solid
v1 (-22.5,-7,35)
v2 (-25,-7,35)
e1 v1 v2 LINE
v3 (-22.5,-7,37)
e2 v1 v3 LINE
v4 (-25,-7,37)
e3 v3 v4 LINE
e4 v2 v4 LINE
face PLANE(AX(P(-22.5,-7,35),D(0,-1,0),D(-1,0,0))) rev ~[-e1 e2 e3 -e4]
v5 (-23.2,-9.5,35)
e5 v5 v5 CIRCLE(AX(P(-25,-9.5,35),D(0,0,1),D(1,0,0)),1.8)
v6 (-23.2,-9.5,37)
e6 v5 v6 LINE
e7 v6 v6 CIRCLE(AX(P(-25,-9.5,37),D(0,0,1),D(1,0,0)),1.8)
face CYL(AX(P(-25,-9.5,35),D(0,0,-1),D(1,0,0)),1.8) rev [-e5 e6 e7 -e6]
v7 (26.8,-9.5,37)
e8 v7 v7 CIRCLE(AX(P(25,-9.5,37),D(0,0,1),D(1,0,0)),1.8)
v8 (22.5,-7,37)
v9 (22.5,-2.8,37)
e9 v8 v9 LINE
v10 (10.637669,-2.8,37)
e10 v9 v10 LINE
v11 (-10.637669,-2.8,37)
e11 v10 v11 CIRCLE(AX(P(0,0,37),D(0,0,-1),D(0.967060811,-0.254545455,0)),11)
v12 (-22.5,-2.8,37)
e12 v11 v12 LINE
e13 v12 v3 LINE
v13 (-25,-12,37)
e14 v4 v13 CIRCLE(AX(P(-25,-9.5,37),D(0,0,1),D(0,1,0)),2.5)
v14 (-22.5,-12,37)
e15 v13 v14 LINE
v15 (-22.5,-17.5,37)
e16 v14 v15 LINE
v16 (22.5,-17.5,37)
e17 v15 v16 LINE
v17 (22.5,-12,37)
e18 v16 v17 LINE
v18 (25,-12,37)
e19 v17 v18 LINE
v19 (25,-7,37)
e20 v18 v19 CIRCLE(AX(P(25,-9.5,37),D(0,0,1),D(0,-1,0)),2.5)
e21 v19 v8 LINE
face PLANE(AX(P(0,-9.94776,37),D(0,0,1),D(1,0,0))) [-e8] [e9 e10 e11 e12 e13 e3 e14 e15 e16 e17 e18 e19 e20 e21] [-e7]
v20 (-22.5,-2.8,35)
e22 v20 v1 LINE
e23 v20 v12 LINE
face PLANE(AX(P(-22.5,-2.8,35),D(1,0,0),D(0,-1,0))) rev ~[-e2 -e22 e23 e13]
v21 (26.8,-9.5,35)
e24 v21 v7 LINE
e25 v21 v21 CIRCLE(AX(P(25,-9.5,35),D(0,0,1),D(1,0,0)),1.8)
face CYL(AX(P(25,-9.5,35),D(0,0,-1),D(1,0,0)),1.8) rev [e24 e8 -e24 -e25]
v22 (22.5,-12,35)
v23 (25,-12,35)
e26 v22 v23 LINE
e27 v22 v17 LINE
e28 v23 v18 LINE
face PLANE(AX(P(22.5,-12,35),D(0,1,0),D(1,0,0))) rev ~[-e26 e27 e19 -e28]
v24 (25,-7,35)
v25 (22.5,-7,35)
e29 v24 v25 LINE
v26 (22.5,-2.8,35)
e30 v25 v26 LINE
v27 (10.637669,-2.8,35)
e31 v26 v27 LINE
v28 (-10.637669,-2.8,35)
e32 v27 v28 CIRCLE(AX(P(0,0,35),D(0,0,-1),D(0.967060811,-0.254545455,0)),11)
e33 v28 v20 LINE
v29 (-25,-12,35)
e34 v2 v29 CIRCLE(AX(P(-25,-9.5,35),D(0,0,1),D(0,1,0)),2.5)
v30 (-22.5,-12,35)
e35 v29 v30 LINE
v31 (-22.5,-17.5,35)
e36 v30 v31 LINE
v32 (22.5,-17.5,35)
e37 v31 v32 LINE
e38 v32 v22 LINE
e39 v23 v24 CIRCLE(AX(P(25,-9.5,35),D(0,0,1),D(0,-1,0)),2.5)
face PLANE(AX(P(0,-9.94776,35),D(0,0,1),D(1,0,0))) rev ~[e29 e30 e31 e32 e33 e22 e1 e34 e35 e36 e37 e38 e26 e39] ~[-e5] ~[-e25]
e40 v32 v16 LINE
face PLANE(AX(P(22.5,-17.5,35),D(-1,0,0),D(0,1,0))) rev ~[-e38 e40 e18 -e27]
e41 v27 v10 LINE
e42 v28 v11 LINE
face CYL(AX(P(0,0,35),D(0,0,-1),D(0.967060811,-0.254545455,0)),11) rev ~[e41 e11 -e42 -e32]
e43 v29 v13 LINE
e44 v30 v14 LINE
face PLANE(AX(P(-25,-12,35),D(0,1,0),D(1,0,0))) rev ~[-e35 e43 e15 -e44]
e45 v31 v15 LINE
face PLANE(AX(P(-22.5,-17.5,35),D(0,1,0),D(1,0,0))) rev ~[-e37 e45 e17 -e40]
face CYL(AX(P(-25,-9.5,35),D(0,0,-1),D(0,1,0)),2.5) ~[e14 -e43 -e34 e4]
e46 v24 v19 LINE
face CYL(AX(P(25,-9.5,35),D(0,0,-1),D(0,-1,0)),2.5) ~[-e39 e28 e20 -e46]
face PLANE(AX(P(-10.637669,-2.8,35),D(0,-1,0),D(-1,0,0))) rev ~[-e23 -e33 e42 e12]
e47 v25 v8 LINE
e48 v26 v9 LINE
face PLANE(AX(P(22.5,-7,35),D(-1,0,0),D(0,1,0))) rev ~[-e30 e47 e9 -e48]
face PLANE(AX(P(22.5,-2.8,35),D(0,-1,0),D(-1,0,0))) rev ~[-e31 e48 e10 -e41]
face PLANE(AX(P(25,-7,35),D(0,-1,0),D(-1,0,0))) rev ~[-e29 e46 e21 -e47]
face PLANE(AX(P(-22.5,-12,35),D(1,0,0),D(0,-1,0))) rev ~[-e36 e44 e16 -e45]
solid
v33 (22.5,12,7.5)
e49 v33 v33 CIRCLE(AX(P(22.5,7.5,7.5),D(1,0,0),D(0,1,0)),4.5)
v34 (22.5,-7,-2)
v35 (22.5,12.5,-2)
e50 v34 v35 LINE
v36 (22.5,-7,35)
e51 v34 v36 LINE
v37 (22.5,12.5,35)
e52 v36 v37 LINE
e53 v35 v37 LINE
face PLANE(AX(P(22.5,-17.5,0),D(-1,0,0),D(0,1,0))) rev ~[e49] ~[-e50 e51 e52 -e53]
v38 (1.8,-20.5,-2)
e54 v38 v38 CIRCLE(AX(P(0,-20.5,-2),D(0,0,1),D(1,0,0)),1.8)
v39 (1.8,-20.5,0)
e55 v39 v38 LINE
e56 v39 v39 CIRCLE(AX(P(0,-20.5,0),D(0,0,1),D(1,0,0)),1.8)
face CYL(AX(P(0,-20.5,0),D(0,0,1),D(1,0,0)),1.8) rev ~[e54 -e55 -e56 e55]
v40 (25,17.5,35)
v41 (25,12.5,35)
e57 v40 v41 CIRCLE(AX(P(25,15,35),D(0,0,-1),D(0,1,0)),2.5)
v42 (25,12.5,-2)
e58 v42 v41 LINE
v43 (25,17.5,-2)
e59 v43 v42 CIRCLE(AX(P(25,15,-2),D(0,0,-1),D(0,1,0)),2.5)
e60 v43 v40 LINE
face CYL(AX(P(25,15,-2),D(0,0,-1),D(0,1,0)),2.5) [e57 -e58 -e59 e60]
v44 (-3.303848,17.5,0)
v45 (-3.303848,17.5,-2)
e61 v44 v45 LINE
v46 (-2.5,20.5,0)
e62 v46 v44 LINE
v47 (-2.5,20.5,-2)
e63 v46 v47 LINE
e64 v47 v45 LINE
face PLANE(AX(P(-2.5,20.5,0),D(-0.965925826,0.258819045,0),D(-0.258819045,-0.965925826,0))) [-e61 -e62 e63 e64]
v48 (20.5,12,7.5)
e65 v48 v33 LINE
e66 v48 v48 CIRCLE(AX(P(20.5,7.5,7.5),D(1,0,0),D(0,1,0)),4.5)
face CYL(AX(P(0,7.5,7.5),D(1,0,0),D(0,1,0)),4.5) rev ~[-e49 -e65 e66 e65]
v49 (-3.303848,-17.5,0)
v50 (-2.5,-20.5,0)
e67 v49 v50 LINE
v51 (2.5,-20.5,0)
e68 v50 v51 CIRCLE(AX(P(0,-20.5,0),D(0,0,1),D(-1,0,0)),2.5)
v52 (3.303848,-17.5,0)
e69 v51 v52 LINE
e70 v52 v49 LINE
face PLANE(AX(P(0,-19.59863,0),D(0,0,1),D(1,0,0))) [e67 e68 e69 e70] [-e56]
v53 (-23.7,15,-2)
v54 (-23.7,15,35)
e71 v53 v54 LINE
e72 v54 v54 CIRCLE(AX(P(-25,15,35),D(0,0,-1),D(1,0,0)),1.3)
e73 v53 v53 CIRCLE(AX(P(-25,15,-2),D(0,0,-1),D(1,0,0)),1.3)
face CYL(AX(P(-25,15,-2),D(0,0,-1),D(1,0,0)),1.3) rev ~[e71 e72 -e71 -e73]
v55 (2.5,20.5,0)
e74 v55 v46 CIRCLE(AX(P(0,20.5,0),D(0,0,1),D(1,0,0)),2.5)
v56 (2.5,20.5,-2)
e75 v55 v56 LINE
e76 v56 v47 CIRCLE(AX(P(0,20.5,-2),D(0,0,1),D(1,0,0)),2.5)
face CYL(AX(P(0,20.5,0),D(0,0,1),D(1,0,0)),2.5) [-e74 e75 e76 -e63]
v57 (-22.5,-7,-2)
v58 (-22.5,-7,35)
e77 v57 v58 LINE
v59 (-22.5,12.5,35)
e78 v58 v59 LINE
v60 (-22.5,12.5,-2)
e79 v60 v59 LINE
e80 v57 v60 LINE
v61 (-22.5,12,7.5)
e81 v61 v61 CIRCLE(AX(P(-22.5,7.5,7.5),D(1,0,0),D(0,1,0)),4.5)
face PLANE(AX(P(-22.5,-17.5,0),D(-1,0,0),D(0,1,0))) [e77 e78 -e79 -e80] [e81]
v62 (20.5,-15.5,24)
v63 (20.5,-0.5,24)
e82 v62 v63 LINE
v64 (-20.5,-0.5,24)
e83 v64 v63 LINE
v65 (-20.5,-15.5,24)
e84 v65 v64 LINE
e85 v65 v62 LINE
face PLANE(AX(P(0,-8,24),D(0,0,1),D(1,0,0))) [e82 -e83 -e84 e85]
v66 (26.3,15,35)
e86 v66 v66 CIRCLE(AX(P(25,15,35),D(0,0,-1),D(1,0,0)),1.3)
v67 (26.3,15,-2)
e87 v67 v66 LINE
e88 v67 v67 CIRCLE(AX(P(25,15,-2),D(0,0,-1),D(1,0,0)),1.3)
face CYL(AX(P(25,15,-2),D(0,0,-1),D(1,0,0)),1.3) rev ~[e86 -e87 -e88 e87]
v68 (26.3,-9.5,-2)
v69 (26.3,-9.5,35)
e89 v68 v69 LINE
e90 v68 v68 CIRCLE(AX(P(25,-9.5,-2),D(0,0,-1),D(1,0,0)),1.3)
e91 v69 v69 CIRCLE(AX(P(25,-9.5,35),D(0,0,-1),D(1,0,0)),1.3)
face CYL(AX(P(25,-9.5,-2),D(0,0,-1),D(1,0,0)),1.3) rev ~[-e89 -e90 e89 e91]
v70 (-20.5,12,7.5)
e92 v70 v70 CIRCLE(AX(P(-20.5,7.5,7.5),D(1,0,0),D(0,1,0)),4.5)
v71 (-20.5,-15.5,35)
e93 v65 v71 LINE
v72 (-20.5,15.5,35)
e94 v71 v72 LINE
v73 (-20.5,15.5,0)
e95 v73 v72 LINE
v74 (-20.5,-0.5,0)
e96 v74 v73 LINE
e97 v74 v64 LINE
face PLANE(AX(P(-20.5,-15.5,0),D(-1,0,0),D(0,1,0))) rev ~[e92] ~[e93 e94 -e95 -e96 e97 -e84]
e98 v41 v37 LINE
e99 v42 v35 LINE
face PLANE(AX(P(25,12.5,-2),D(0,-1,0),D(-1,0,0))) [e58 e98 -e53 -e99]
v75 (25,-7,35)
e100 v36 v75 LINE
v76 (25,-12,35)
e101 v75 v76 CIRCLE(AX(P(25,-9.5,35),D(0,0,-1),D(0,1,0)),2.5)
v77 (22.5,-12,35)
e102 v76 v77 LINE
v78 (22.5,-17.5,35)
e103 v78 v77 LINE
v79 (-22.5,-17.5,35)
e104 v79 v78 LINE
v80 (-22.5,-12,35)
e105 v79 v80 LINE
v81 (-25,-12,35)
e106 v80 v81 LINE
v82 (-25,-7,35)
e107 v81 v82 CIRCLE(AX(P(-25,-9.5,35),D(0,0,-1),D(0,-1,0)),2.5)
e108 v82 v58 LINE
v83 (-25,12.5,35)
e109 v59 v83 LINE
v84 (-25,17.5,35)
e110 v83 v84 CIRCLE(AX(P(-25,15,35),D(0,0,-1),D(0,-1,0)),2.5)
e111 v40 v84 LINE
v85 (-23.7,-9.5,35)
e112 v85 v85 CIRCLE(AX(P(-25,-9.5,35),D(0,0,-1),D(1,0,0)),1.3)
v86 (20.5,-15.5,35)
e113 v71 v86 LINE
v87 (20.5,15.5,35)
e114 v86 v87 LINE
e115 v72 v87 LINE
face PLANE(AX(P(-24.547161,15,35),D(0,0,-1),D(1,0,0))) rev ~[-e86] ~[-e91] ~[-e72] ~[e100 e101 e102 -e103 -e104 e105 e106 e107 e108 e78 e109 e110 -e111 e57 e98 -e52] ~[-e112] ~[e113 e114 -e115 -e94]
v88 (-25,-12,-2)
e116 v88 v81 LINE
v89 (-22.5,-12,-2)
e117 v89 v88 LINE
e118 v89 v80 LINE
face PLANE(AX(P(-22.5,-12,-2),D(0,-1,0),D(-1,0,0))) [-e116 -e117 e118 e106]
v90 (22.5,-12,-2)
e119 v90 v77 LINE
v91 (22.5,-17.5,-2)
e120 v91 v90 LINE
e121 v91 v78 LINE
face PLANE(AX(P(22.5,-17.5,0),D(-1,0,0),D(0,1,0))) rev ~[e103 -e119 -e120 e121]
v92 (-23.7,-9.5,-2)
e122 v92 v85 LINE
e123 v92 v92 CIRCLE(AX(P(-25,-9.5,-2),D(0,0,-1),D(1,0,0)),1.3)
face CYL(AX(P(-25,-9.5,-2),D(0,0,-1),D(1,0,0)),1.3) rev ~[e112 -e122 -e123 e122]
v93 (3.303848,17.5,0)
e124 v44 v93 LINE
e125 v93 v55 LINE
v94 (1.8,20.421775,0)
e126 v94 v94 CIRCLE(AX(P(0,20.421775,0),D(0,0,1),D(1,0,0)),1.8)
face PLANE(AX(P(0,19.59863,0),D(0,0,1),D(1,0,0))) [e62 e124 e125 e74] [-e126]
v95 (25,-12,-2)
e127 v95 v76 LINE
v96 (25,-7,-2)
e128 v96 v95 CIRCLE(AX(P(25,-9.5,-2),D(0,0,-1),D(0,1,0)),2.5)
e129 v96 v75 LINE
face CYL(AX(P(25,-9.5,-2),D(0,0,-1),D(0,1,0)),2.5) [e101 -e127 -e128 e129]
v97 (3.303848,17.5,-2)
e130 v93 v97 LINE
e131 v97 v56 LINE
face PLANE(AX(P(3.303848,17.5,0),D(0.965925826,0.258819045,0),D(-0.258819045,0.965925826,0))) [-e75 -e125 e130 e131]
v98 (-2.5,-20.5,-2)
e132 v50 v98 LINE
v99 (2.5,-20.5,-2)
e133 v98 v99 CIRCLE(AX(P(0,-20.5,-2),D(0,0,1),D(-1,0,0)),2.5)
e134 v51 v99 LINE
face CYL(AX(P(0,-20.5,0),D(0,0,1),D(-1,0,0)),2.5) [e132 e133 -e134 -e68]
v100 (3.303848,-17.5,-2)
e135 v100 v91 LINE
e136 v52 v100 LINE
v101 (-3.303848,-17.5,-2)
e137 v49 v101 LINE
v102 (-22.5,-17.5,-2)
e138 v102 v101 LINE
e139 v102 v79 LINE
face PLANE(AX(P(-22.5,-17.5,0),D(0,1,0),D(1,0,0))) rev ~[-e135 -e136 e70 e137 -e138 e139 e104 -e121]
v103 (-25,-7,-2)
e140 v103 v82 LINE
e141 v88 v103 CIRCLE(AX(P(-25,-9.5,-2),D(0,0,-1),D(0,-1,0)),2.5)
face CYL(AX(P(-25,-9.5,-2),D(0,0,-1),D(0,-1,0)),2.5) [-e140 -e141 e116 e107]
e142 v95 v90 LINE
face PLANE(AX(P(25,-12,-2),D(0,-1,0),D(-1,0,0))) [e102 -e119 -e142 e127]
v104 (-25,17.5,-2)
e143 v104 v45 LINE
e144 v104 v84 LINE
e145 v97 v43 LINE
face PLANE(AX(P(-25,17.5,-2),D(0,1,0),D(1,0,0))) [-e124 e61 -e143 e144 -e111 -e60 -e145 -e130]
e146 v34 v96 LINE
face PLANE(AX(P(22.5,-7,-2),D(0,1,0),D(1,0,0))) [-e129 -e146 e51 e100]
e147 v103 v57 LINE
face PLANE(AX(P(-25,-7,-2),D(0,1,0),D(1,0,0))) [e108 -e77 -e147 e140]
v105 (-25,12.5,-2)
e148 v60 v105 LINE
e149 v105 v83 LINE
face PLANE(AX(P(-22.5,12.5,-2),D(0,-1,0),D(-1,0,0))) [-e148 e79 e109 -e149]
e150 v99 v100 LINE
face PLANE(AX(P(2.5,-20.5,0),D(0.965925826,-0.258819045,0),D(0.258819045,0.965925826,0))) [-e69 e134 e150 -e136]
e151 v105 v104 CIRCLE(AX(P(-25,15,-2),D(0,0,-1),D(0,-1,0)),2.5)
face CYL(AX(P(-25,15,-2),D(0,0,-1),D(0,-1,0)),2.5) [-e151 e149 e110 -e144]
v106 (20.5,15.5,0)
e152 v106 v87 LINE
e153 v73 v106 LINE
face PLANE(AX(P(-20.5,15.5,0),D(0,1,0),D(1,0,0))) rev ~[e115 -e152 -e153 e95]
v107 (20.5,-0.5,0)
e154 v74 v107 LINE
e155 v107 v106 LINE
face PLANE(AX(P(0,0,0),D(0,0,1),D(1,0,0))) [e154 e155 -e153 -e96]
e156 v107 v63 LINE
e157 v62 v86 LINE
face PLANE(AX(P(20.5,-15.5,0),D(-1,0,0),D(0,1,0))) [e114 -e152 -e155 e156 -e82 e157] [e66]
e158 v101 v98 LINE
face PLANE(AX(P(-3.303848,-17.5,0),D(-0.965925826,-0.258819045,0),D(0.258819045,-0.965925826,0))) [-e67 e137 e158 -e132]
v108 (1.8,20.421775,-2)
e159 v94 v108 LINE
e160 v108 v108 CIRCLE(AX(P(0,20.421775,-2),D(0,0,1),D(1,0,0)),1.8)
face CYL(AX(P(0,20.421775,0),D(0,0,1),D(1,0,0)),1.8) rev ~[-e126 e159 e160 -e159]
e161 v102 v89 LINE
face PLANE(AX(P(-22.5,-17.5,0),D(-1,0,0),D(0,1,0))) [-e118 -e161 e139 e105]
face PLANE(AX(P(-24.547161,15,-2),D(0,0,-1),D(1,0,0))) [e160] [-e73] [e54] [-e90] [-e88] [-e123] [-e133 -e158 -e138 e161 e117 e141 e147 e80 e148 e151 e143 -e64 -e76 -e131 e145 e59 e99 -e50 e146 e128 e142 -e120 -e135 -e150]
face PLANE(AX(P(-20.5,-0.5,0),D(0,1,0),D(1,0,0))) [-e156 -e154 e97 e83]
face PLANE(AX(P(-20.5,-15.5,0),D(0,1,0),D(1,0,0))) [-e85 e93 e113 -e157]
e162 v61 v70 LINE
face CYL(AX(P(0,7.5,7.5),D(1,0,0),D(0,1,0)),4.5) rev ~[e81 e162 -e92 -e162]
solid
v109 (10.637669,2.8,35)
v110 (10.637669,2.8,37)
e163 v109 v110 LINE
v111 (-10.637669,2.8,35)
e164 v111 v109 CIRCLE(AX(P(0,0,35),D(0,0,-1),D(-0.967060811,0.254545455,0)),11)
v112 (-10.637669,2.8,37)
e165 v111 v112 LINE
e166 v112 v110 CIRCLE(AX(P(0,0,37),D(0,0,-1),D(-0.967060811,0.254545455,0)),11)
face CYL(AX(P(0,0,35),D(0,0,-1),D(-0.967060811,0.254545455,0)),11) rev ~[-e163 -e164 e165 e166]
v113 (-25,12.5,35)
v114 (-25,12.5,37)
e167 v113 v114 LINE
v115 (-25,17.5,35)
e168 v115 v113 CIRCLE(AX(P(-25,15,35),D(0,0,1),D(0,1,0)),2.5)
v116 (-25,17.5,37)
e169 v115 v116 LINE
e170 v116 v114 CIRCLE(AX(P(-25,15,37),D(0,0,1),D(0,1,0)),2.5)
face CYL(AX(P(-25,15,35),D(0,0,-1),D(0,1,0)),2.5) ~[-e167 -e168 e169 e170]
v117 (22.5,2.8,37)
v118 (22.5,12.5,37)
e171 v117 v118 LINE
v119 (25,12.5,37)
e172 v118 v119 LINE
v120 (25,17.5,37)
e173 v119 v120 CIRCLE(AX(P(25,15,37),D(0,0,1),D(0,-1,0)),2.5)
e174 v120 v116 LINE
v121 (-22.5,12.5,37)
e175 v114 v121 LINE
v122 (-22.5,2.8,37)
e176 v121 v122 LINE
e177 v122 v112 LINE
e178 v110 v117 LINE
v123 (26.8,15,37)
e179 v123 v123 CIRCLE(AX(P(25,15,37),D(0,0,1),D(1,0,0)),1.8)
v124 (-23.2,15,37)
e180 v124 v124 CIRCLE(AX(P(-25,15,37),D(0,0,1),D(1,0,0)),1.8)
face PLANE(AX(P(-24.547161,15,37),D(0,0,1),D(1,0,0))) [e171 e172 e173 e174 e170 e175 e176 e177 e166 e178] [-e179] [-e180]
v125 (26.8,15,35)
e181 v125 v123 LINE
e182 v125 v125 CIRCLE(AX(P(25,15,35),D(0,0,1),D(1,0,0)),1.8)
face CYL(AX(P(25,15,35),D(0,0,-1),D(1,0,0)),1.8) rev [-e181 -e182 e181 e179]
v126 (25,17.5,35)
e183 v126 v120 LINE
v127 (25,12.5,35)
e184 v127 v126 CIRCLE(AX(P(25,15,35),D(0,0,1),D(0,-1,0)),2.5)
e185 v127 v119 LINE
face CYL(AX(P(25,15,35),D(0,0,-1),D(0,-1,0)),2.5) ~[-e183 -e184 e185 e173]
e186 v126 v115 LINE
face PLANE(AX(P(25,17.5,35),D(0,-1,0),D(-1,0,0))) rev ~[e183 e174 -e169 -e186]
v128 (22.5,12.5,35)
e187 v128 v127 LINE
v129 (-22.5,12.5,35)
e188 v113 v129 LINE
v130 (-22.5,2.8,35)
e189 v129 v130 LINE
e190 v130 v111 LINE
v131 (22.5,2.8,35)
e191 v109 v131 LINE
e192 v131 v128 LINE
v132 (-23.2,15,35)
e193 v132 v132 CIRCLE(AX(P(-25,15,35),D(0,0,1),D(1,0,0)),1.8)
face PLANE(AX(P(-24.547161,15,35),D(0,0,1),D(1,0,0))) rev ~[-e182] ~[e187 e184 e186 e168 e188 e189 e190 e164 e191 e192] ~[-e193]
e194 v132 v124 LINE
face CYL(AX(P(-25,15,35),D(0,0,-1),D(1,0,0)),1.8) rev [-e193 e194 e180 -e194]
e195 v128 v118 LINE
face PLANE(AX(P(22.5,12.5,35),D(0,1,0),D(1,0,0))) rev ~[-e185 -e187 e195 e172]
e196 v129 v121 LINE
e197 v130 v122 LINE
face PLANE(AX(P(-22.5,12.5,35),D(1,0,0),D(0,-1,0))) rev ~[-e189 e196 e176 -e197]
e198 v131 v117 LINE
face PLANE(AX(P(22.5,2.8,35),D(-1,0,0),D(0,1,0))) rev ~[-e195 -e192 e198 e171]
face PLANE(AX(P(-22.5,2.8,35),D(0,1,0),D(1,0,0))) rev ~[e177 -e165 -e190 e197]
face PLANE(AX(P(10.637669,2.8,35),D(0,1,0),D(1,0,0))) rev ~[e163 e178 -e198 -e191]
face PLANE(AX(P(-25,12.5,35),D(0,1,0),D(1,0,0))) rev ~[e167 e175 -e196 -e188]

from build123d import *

# Parameters (mm, degrees)
F0_W      = 45
F0_H      = 35
F0_W_2    = 41
F0_H_2    = 31
F1_DEPTH  = 2
F2_DEPTH  = 35
F3_W      = 41
F3_H      = 15
F4_DEPTH  = 24
F5_R      = 4.5
F6_DEPTH  = 25
F7_R      = 1.8
F8_DEPTH  = 2
F10_R     = 1.3
F11_DEPTH = 37
F12_R     = 1.8
F13_DEPTH = 2
F14_DEPTH = 2


with BuildPart() as f1:
    # F0 (on Top) → F1 (new body)
    with BuildSketch(Plane.XY):
        Rectangle(F0_W, F0_H)
        Rectangle(F0_W_2, F0_H_2, mode=Mode.SUBTRACT)
        Rectangle(F0_W_2, F0_H_2)
    extrude(amount=-F1_DEPTH)

    # F0 (on Top) → F2 (join)
    with BuildSketch(Plane.XY):
        Rectangle(F0_W, F0_H)
        Rectangle(F0_W_2, F0_H_2, mode=Mode.SUBTRACT)
    extrude(amount=F2_DEPTH)

    # F3 (on Top) → F4 (join)
    with BuildSketch(Plane.XY):
        with Locations((0, -8)):
            Rectangle(F3_W, F3_H)
    extrude(amount=F4_DEPTH)

    # F5 (on Right) → F6 (cut, symmetric)
    with BuildSketch(Plane.YZ):
        with Locations((7.5, 7.5)):
            Circle(F5_R)
    extrude(amount=F6_DEPTH, both=True, mode=Mode.SUBTRACT)

    # F7 (on Top) → F8 (join)
    with BuildSketch(Plane.XY):
        with BuildLine():
            Line((-3.3038475773, -17.5), (-2.5, -20.5))
            ThreePointArc((-2.5, -20.5), (0, -23), (2.5, -20.5))
            Line((2.5, -20.5), (3.3038475773, -17.5))
            Line((3.3038475773, -17.5), (-3.3038475773, -17.5))
        make_face()
        with Locations((0, -20.5)):
            Circle(F7_R, mode=Mode.SUBTRACT)
        with BuildLine():
            Line((3.3038475773, 17.5), (2.5, 20.5))
            ThreePointArc((2.5, 20.5), (0, 23), (-2.5, 20.5))
            Line((-2.5, 20.5), (-3.3038475773, 17.5))
            Line((-3.3038475773, 17.5), (3.3038475773, 17.5))
        make_face()
        with Locations((0, 20.4217750579)):
            Circle(F7_R, mode=Mode.SUBTRACT)
    extrude(amount=-F8_DEPTH)

    # F10 (on face) → F11 (join, through all)
    with BuildSketch(Plane(origin=(0, 0, -2), x_dir=(1, 0, 0), z_dir=(0, 0, -1))):
        with BuildLine():
            Line((-22.5, -12.5), (-25, -12.5))
            ThreePointArc((-25, -12.5), (-27.5, -15), (-25, -17.5))
            Line((-25, -17.5), (-22.5, -17.5))
            Line((-22.5, -17.5), (-22.5, -12.5))
        make_face()
        with Locations((-25, -15)):
            Circle(F10_R, mode=Mode.SUBTRACT)
        with BuildLine():
            Line((22.5, -12.5), (22.5, -17.5))
            Line((22.5, -17.5), (25, -17.5))
            ThreePointArc((25, -17.5), (27.5, -15), (25, -12.5))
            Line((25, -12.5), (22.5, -12.5))
        make_face()
        with Locations((25, -15)):
            Circle(F10_R, mode=Mode.SUBTRACT)
        with BuildLine():
            Line((22.5, 12), (22.5, 7))
            Line((22.5, 7), (25, 7))
            ThreePointArc((25, 7), (27.5, 9.5), (25, 12))
            Line((25, 12), (22.5, 12))
        make_face()
        with Locations((25, 9.5)):
            Circle(F10_R, mode=Mode.SUBTRACT)
        with BuildLine():
            Line((-25, 7), (-22.5, 7))
            Line((-22.5, 7), (-22.5, 12))
            Line((-22.5, 12), (-25, 12))
            ThreePointArc((-25, 12), (-27.5, 9.5), (-25, 7))
        make_face()
        with Locations((-25, 9.5)):
            Circle(F10_R, mode=Mode.SUBTRACT)
    extrude(amount=-F11_DEPTH)


with BuildPart() as f13:
    # F12 (on face) → F13 (new body)
    with BuildSketch(Plane.XY.offset(35)):
        with BuildLine():
            Line((-25, 12.5), (-22.5, 12.5))
            Line((-22.5, 12.5), (-22.5, 17.5))
            Line((-22.5, 17.5), (-25, 17.5))
            ThreePointArc((-25, 17.5), (-27.5, 15), (-25, 12.5))
        make_face()
        with Locations((-25, 15)):
            Circle(F12_R, mode=Mode.SUBTRACT)
        Polygon((-22.5, 12.5), (-22.5, 2.8), (-20.5, 2.8), (-20.5, 15.5), (20.5, 15.5), (20.5, 2.8), (22.5, 2.8), (22.5, 12.5), (22.5, 17.5), (-22.5, 17.5), align=None)
        with BuildLine():
            Line((-20.5, 15.5), (-20.5, 2.8))
            Line((-20.5, 2.8), (-10.6376689176, 2.8))
            ThreePointArc((-10.6376689176, 2.8), (0, 11), (10.6376689176, 2.8))
            Line((10.6376689176, 2.8), (20.5, 2.8))
            Line((20.5, 2.8), (20.5, 15.5))
            Line((20.5, 15.5), (-20.5, 15.5))
        make_face()
        with BuildLine():
            Line((22.5, 17.5), (22.5, 12.5))
            Line((22.5, 12.5), (25, 12.5))
            ThreePointArc((25, 12.5), (27.5, 15), (25, 17.5))
            Line((25, 17.5), (22.5, 17.5))
        make_face()
        with Locations((25, 15)):
            Circle(F12_R, mode=Mode.SUBTRACT)
    extrude(amount=F13_DEPTH)


with BuildPart() as f14:
    # F12 (on face) → F14 (new body)
    with BuildSketch(Plane.XY.offset(35)):
        with BuildLine():
            Line((-10.6376689176, -2.8), (-20.5, -2.8))
            Line((-20.5, -2.8), (-20.5, -15.5))
            Line((-20.5, -15.5), (20.5, -15.5))
            Line((20.5, -15.5), (20.5, -2.8))
            Line((20.5, -2.8), (10.6376689176, -2.8))
            ThreePointArc((10.6376689176, -2.8), (0, -11), (-10.6376689176, -2.8))
        make_face()
        Polygon((-22.5, -12), (-22.5, -17.5), (22.5, -17.5), (22.5, -12), (22.5, -7), (22.5, -2.8), (20.5, -2.8), (20.5, -15.5), (-20.5, -15.5), (-20.5, -2.8), (-22.5, -2.8), (-22.5, -7), align=None)
        with BuildLine():
            Line((-25, -12), (-22.5, -12))
            Line((-22.5, -12), (-22.5, -7))
            Line((-22.5, -7), (-25, -7))
            ThreePointArc((-25, -7), (-27.5, -9.5), (-25, -12))
        make_face()
        with Locations((-25, -9.5)):
            Circle(F12_R, mode=Mode.SUBTRACT)
        with BuildLine():
            Line((22.5, -7), (22.5, -12))
            Line((22.5, -12), (25, -12))
            ThreePointArc((25, -12), (27.5, -9.5), (25, -7))
            Line((25, -7), (22.5, -7))
        make_face()
        with Locations((25, -9.5)):
            Circle(F12_R, mode=Mode.SUBTRACT)
    extrude(amount=F14_DEPTH)


solid = Compound([f1.part, f13.part, f14.part])
